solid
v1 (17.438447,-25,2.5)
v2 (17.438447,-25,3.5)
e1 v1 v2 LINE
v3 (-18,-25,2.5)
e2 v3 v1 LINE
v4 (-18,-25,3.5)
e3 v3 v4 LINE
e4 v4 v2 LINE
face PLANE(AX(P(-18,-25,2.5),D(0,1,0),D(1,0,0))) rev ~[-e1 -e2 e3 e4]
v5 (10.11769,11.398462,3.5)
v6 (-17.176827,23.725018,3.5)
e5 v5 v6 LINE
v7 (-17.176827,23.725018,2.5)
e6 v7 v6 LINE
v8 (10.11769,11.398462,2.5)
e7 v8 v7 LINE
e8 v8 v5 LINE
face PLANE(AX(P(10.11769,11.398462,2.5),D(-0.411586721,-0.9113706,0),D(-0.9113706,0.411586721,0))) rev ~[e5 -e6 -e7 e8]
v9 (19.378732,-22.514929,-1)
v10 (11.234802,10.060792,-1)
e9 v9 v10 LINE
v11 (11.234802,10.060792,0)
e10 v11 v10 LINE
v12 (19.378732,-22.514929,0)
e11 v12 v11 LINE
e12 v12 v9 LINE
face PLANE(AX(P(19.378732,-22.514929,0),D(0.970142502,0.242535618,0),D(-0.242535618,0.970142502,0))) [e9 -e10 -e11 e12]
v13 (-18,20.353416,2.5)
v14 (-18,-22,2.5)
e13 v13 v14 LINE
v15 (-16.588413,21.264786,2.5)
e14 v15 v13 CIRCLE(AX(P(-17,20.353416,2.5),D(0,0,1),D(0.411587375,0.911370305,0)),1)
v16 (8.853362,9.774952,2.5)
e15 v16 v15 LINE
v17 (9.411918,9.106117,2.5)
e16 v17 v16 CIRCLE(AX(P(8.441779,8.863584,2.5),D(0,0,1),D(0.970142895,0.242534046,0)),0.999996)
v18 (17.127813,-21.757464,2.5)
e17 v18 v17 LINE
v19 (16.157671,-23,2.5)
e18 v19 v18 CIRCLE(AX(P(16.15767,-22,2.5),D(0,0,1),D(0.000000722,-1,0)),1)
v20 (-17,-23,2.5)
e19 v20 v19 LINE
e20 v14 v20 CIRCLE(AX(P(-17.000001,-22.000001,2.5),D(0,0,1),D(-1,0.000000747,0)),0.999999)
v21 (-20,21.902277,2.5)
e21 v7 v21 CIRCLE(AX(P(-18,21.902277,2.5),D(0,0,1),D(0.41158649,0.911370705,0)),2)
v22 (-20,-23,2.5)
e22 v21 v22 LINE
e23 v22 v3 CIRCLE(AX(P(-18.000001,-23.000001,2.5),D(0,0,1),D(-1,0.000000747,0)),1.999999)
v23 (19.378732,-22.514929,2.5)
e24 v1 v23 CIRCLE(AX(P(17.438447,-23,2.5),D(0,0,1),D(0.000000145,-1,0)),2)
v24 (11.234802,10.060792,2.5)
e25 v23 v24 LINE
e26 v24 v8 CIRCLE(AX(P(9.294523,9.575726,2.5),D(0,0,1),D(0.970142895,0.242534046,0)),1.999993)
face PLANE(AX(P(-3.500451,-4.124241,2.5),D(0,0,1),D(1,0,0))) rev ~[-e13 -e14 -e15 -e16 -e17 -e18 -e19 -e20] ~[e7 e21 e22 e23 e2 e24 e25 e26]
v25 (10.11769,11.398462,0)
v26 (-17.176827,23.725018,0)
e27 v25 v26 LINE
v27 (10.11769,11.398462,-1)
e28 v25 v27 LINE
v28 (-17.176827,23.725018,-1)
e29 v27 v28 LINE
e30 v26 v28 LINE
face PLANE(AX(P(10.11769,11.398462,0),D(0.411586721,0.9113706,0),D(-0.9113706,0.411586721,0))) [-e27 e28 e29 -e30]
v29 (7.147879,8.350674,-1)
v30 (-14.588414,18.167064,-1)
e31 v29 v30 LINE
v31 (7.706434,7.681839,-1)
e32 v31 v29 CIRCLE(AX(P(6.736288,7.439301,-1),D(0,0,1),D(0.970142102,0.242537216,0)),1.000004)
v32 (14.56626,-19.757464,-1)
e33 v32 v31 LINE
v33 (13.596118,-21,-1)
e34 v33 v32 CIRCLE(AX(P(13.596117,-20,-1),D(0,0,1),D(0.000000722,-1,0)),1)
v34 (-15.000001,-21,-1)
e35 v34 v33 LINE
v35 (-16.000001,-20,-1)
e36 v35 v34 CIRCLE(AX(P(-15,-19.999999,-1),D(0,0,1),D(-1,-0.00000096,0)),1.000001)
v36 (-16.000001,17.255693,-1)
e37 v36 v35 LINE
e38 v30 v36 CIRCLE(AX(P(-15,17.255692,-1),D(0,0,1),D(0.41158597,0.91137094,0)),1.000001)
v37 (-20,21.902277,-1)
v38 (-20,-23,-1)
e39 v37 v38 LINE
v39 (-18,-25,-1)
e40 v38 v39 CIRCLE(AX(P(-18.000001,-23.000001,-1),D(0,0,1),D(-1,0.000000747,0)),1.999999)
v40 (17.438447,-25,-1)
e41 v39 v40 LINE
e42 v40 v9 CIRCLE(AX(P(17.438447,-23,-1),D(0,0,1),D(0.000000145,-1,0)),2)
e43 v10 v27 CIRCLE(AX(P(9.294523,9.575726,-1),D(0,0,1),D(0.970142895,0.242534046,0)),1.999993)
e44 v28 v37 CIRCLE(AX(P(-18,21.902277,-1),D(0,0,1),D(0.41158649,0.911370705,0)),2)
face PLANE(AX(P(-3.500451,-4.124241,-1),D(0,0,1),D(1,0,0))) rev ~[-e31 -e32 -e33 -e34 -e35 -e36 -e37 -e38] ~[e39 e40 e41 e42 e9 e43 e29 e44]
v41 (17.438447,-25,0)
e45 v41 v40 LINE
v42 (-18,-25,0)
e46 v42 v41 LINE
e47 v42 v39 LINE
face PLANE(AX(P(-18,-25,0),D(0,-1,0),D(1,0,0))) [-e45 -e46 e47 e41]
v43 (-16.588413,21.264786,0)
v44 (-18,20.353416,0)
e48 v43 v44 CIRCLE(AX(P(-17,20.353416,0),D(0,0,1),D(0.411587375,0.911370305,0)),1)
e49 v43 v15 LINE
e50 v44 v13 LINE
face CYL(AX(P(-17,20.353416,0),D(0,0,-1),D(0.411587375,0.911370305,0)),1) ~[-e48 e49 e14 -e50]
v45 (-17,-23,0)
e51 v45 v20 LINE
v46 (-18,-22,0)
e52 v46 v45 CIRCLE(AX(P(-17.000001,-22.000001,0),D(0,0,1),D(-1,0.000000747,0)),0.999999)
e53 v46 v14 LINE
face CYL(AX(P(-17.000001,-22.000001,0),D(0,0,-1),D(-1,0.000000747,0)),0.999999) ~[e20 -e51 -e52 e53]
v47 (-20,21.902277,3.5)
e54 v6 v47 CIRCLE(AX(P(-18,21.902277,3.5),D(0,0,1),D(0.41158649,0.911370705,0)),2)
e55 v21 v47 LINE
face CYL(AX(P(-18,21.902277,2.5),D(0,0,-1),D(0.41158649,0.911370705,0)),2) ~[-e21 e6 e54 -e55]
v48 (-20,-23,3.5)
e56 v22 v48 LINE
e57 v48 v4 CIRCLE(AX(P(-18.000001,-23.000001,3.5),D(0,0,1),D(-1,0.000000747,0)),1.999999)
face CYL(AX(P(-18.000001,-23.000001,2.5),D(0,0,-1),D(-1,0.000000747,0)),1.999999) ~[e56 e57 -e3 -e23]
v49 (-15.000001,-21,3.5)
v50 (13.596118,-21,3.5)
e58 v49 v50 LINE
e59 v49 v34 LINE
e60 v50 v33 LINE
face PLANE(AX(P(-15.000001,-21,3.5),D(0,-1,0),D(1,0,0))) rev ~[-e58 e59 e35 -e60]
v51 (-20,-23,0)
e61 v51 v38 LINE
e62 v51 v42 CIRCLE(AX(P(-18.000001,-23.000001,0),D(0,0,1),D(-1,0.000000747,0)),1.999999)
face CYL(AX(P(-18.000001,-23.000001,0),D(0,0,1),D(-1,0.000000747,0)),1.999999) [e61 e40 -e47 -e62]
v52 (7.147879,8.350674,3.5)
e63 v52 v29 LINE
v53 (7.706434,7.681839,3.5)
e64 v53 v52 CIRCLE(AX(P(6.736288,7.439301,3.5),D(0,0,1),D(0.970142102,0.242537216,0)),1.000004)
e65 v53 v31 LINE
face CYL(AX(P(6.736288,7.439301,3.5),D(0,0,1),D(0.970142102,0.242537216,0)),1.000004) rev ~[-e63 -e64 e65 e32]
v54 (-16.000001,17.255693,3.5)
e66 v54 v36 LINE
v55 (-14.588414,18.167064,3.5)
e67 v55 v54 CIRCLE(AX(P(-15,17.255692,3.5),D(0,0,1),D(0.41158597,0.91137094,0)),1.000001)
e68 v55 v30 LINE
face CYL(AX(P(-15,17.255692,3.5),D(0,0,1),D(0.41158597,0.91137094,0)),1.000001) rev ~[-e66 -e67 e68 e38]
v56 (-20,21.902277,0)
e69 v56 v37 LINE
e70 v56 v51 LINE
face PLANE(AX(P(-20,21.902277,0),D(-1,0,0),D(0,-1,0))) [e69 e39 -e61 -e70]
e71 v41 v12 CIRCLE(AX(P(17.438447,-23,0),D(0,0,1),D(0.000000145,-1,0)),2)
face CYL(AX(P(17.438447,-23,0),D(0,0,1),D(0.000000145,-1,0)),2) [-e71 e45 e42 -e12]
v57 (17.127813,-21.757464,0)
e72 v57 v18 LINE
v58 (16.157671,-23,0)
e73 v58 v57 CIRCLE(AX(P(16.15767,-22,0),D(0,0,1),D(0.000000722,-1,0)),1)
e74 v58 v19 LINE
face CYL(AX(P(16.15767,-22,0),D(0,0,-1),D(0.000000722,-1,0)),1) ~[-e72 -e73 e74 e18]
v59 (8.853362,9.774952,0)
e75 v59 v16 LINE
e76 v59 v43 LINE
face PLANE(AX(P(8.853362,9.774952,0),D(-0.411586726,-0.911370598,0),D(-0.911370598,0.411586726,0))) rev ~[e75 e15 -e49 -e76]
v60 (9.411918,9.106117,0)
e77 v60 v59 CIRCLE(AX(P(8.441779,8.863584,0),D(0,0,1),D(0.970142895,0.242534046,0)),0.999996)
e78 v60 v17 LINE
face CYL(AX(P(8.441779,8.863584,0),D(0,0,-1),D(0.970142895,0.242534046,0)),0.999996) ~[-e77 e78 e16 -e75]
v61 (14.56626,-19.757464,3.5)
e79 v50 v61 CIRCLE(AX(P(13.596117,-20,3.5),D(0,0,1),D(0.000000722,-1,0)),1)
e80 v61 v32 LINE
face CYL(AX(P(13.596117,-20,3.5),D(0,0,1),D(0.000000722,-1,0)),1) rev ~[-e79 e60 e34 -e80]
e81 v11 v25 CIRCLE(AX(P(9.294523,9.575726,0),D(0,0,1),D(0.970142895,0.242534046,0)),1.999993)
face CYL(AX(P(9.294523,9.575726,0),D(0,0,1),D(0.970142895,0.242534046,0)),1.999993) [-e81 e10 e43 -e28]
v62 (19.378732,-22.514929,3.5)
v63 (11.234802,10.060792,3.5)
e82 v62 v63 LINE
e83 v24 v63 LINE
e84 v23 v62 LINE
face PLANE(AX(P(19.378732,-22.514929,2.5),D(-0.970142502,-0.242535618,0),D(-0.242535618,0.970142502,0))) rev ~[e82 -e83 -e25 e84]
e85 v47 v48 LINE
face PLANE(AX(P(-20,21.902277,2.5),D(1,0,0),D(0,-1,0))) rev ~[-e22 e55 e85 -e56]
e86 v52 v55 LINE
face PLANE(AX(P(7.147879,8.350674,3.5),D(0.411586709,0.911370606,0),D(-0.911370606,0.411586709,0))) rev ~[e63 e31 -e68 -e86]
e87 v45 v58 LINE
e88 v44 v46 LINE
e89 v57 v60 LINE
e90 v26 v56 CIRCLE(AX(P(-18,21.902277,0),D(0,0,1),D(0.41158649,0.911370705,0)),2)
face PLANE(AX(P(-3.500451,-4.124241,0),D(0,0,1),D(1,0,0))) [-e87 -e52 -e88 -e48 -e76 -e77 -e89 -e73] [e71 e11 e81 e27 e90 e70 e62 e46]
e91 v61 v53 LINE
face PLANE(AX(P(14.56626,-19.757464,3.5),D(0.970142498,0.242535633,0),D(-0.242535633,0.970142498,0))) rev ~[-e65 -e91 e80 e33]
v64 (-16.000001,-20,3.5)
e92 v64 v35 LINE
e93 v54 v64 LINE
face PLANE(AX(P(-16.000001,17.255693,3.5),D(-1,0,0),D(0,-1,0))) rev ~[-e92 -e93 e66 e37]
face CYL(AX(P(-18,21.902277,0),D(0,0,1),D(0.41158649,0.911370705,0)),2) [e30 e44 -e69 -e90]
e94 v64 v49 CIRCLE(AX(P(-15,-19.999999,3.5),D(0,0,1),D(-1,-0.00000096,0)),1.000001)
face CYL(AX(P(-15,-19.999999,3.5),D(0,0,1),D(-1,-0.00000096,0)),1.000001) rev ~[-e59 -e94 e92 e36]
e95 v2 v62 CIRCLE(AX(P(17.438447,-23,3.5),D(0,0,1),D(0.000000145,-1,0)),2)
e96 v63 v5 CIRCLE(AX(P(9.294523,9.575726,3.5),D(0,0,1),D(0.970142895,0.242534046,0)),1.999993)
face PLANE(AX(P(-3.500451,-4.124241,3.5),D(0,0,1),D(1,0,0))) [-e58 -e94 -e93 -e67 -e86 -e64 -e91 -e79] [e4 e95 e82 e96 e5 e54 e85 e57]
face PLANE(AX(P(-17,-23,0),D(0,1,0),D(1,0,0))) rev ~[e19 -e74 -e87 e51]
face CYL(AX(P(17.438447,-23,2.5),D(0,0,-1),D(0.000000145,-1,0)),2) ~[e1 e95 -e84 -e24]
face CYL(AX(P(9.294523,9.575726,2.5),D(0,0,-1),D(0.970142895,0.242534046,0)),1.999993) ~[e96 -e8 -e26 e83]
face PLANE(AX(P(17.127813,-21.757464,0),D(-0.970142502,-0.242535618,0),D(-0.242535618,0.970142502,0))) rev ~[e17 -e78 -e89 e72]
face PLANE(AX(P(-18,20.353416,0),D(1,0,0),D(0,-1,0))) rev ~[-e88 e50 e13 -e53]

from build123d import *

# Parameters (mm, degrees)
F2_DEPTH = 2.5
F3_DEPTH = 1
F5_DEPTH = 1
F7_DEPTH = 4.5


with BuildPart() as f2:
    # F1 (on Top) → F2 (new body)
    with BuildSketch(Plane.XY):
        with BuildLine():
            ThreePointArc((9.411918, 9.106117), (9.209323, 9.504574), (8.853362, 9.774952))
            Line((8.853362, 9.774952), (-16.588413, 21.264786))
            ThreePointArc((-16.588413, 21.264786), (-17.542408, 21.193531), (-18, 20.353416))
            Line((-18, 20.353416), (-18, -22))
            ThreePointArc((-18, -22), (-17.707107, -22.707107), (-17, -23))
            Line((-17, -23), (16.157671, -23))
            ThreePointArc((16.157671, -23), (16.945876, -22.615412), (17.127813, -21.757464))
            Line((17.127813, -21.757464), (9.411918, 9.106117))
        make_face()
    extrude(amount=F2_DEPTH)

    # F0 (on Top) → F3 (join)
    with BuildSketch(Plane.XY):
        with BuildLine():
            Line((-18, -25), (17.438447, -25))
            ThreePointArc((17.438447, -25), (19.014858, -24.230824), (19.378732, -22.514929))
            Line((19.378732, -22.514929), (11.234802, 10.060792))
            ThreePointArc((11.234802, 10.060792), (10.829612, 10.857706), (10.11769, 11.398462))
            Line((10.11769, 11.398462), (-17.176827, 23.725018))
            ThreePointArc((-17.176827, 23.725018), (-19.084816, 23.582507), (-20, 21.902277))
            Line((-20, 21.902277), (-20, -23))
            ThreePointArc((-20, -23), (-19.414214, -24.414214), (-18, -25))
        make_face()
    extrude(amount=-F3_DEPTH)

    # F4 (on face) → F5 (join)
    with BuildSketch(Plane.XY.offset(2.5)):
        with BuildLine():
            Line((19.378732, -22.514929), (11.234802, 10.060792))
            ThreePointArc((11.234802, 10.060792), (10.829612, 10.857706), (10.11769, 11.398462))
            Line((10.11769, 11.398462), (-17.176827, 23.725018))
            ThreePointArc((-17.176827, 23.725018), (-19.084816, 23.582507), (-20, 21.902277))
            Line((-20, 21.902277), (-20, -23))
            ThreePointArc((-20, -23), (-19.414214, -24.414214), (-18, -25))
            Line((-18, -25), (17.438447, -25))
            ThreePointArc((17.438447, -25), (19.014858, -24.230824), (19.378732, -22.514929))
        make_face()
        with BuildLine():
            ThreePointArc((8.853362, 9.774952), (9.209323, 9.504574), (9.411918, 9.106117))
            Line((9.411918, 9.106117), (17.127813, -21.757464))
            ThreePointArc((17.127813, -21.757464), (16.945876, -22.615412), (16.157671, -23))
            Line((16.157671, -23), (-17, -23))
            ThreePointArc((-17, -23), (-17.707107, -22.707107), (-18, -22))
            Line((-18, -22), (-18, 20.353416))
            ThreePointArc((-18, 20.353416), (-17.542408, 21.193531), (-16.588413, 21.264786))
            Line((-16.588413, 21.264786), (8.853362, 9.774952))
        make_face(mode=Mode.SUBTRACT)
        with BuildLine():
            Line((17.127813, -21.757464), (9.411918, 9.106117))
            ThreePointArc((9.411918, 9.106117), (9.209323, 9.504574), (8.853362, 9.774952))
            Line((8.853362, 9.774952), (-16.588413, 21.264786))
            ThreePointArc((-16.588413, 21.264786), (-17.542408, 21.193531), (-18, 20.353416))
            Line((-18, 20.353416), (-18, -22))
            ThreePointArc((-18, -22), (-17.707107, -22.707107), (-17, -23))
            Line((-17, -23), (16.157671, -23))
            ThreePointArc((16.157671, -23), (16.945876, -22.615412), (17.127813, -21.757464))
        make_face()
    extrude(amount=F5_DEPTH)

    # F6 (on face) → F7 (cut)
    with BuildSketch(Plane.XY.offset(3.5)):
        with BuildLine():
            ThreePointArc((13.596118, -21), (14.384323, -20.615412), (14.56626, -19.757464))
            Line((14.56626, -19.757464), (7.706434, 7.681839))
            ThreePointArc((7.706434, 7.681839), (7.503839, 8.080295), (7.147879, 8.350674))
            Line((7.147879, 8.350674), (-14.588414, 18.167064))
            ThreePointArc((-14.588414, 18.167064), (-15.542409, 18.095808), (-16.000001, 17.255693))
            Line((-16.000001, 17.255693), (-16.000001, -20))
            ThreePointArc((-16.000001, -20), (-15.707107, -20.707107), (-15.000001, -21))
            Line((-15.000001, -21), (13.596118, -21))
        make_face()
    extrude(amount=-F7_DEPTH, mode=Mode.SUBTRACT)


solid = f2.part
